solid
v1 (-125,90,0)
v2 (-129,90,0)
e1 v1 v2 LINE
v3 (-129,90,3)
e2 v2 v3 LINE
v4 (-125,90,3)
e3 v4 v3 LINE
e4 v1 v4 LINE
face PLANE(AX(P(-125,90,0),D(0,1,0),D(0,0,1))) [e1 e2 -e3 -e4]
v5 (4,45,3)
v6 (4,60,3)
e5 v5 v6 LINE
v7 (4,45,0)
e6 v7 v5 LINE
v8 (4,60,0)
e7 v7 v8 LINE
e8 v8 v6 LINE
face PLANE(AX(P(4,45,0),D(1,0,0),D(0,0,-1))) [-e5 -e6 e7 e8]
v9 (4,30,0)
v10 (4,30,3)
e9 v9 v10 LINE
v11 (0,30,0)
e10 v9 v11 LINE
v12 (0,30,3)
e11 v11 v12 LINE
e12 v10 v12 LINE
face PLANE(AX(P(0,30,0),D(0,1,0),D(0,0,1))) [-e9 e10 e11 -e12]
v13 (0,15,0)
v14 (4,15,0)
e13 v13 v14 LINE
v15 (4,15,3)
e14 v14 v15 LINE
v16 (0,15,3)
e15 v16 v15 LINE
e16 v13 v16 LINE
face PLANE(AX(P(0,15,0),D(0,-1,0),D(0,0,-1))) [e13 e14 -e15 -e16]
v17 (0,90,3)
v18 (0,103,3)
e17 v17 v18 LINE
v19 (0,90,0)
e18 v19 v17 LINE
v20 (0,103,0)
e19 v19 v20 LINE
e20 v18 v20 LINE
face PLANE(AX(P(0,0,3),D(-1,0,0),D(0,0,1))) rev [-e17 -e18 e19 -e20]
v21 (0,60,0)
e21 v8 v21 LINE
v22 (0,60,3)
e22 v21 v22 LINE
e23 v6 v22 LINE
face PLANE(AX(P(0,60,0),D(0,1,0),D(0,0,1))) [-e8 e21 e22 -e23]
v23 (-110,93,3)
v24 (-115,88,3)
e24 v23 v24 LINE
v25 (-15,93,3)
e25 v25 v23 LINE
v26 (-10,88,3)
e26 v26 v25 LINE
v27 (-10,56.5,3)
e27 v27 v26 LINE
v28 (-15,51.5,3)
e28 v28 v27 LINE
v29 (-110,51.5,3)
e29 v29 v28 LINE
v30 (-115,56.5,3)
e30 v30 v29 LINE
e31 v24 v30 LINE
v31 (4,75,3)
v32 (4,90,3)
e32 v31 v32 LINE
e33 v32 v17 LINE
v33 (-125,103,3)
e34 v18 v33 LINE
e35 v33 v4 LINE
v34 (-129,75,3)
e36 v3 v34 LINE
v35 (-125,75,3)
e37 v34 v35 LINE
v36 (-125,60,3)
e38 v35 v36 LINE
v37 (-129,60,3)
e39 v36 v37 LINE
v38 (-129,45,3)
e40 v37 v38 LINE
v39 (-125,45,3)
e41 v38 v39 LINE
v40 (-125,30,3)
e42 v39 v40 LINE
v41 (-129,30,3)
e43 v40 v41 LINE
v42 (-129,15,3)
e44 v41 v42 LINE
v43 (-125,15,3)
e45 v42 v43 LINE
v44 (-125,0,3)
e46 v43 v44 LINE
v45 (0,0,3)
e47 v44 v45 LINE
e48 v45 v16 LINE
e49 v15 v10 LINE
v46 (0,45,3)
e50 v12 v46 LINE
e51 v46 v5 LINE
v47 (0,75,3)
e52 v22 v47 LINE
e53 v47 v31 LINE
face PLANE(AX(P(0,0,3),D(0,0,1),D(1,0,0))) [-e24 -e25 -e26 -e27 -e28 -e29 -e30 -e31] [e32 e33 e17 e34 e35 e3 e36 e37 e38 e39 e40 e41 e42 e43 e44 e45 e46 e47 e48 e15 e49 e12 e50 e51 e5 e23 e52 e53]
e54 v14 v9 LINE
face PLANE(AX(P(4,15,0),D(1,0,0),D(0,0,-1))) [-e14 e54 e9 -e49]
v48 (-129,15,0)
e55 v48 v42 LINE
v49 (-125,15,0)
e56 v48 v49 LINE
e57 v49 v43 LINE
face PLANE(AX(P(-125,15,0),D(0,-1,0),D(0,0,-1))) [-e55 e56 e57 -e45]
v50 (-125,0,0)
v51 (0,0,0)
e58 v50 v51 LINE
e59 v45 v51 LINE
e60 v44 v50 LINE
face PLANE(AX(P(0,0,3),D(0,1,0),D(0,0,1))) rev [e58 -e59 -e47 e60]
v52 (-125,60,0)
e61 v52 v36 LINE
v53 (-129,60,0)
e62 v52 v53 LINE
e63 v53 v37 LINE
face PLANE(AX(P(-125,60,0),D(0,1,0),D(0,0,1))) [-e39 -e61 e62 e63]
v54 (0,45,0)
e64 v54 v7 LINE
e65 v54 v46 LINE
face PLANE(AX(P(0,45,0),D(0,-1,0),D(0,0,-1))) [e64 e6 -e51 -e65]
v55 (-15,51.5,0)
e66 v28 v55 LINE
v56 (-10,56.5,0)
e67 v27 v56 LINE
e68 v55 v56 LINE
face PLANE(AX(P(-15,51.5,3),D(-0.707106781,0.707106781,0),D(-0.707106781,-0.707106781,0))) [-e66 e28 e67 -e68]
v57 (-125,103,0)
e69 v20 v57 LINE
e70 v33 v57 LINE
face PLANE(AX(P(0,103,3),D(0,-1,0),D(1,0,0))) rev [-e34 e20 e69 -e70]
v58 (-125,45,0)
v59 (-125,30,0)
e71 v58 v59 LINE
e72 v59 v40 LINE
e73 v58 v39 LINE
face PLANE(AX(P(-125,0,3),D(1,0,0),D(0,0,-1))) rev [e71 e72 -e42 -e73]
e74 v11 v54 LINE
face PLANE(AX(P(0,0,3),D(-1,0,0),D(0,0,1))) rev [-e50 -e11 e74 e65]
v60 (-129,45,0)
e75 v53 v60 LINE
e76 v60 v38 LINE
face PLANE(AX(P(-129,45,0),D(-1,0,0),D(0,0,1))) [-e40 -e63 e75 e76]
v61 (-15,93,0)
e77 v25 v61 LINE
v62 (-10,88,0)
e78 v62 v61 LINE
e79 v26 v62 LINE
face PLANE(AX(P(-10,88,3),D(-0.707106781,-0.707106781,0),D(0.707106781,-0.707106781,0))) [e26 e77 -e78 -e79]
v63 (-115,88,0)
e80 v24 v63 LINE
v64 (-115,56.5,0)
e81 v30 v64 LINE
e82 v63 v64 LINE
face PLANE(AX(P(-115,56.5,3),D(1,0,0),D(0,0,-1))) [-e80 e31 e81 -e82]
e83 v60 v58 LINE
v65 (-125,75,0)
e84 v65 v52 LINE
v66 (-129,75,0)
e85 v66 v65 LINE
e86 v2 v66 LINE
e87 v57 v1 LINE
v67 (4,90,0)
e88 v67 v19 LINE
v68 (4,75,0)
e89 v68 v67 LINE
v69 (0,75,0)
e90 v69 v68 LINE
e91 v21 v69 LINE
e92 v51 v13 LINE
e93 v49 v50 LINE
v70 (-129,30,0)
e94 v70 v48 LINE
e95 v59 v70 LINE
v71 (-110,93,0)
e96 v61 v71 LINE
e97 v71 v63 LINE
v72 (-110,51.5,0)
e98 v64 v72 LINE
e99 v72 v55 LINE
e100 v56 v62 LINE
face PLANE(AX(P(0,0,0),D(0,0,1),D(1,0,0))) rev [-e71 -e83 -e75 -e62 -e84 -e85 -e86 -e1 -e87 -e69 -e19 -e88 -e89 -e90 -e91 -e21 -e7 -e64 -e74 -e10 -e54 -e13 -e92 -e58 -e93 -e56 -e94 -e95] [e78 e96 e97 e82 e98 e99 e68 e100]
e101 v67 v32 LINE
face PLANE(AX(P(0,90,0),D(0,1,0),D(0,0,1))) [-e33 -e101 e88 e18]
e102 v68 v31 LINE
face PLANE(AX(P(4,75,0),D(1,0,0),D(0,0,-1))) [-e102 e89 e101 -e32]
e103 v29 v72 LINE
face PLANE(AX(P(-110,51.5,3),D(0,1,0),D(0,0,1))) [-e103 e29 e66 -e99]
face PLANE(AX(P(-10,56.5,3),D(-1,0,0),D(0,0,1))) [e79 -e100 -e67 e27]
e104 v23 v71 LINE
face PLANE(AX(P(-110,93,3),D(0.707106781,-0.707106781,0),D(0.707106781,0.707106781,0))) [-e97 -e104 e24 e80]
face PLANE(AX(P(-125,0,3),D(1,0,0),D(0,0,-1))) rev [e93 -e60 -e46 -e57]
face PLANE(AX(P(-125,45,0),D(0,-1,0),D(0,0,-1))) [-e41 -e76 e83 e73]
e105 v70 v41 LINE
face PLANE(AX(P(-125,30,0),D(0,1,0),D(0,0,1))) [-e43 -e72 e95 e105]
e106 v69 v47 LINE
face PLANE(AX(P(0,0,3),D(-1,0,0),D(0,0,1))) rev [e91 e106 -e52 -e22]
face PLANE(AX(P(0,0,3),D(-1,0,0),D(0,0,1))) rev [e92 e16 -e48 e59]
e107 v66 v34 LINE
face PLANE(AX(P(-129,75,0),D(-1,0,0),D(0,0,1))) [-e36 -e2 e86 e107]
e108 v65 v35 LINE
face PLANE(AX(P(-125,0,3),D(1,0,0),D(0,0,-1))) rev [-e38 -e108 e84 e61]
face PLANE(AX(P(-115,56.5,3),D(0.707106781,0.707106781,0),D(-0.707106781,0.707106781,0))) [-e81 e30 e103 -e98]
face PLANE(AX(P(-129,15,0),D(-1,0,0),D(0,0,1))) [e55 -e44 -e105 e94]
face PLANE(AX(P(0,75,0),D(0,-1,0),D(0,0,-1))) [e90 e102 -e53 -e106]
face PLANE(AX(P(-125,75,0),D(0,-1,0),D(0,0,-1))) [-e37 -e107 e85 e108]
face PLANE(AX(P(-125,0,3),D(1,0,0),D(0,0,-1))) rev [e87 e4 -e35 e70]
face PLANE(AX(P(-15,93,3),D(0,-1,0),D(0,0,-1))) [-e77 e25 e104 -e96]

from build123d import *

# Parameters (mm, degrees)
SKETCH1_W           = 125
SKETCH1_H           = 103
BOSS_EXTRUDE1_DEPTH = 3
SKETCH2_W           = 4
SKETCH2_H           = 15
BOSS_EXTRUDE2_DEPTH = 3


with BuildPart() as part:
    # Sketch1 → Boss-Extrude1 (new body)
    with BuildSketch(Plane.XY):
        with Locations((-62.5, 51.5)):
            Rectangle(SKETCH1_W, SKETCH1_H)
        Polygon((-15, 93), (-110, 93), (-115, 88), (-115, 56.5), (-110, 51.5), (-15, 51.5), (-10, 56.5), (-10, 88), align=None, mode=Mode.SUBTRACT)
    extrude(amount=BOSS_EXTRUDE1_DEPTH)

    # Sketch2 → Boss-Extrude2 (add)
    with BuildSketch(Plane.XY.offset(3)):
        with Locations((2, 82.5)):
            Rectangle(SKETCH2_W, SKETCH2_H)
        with Locations((2, 22.5)):
            Rectangle(SKETCH2_W, SKETCH2_H)
        with Locations((-127, 22.5)):
            Rectangle(SKETCH2_W, SKETCH2_H)
        with Locations((2, 52.5)):
            Rectangle(SKETCH2_W, SKETCH2_H)
        with Locations((-127, 52.5)):
            Rectangle(SKETCH2_W, SKETCH2_H)
        with Locations((-127, 82.5)):
            Rectangle(SKETCH2_W, SKETCH2_H)
    extrude(amount=-BOSS_EXTRUDE2_DEPTH)


solid = part.part
